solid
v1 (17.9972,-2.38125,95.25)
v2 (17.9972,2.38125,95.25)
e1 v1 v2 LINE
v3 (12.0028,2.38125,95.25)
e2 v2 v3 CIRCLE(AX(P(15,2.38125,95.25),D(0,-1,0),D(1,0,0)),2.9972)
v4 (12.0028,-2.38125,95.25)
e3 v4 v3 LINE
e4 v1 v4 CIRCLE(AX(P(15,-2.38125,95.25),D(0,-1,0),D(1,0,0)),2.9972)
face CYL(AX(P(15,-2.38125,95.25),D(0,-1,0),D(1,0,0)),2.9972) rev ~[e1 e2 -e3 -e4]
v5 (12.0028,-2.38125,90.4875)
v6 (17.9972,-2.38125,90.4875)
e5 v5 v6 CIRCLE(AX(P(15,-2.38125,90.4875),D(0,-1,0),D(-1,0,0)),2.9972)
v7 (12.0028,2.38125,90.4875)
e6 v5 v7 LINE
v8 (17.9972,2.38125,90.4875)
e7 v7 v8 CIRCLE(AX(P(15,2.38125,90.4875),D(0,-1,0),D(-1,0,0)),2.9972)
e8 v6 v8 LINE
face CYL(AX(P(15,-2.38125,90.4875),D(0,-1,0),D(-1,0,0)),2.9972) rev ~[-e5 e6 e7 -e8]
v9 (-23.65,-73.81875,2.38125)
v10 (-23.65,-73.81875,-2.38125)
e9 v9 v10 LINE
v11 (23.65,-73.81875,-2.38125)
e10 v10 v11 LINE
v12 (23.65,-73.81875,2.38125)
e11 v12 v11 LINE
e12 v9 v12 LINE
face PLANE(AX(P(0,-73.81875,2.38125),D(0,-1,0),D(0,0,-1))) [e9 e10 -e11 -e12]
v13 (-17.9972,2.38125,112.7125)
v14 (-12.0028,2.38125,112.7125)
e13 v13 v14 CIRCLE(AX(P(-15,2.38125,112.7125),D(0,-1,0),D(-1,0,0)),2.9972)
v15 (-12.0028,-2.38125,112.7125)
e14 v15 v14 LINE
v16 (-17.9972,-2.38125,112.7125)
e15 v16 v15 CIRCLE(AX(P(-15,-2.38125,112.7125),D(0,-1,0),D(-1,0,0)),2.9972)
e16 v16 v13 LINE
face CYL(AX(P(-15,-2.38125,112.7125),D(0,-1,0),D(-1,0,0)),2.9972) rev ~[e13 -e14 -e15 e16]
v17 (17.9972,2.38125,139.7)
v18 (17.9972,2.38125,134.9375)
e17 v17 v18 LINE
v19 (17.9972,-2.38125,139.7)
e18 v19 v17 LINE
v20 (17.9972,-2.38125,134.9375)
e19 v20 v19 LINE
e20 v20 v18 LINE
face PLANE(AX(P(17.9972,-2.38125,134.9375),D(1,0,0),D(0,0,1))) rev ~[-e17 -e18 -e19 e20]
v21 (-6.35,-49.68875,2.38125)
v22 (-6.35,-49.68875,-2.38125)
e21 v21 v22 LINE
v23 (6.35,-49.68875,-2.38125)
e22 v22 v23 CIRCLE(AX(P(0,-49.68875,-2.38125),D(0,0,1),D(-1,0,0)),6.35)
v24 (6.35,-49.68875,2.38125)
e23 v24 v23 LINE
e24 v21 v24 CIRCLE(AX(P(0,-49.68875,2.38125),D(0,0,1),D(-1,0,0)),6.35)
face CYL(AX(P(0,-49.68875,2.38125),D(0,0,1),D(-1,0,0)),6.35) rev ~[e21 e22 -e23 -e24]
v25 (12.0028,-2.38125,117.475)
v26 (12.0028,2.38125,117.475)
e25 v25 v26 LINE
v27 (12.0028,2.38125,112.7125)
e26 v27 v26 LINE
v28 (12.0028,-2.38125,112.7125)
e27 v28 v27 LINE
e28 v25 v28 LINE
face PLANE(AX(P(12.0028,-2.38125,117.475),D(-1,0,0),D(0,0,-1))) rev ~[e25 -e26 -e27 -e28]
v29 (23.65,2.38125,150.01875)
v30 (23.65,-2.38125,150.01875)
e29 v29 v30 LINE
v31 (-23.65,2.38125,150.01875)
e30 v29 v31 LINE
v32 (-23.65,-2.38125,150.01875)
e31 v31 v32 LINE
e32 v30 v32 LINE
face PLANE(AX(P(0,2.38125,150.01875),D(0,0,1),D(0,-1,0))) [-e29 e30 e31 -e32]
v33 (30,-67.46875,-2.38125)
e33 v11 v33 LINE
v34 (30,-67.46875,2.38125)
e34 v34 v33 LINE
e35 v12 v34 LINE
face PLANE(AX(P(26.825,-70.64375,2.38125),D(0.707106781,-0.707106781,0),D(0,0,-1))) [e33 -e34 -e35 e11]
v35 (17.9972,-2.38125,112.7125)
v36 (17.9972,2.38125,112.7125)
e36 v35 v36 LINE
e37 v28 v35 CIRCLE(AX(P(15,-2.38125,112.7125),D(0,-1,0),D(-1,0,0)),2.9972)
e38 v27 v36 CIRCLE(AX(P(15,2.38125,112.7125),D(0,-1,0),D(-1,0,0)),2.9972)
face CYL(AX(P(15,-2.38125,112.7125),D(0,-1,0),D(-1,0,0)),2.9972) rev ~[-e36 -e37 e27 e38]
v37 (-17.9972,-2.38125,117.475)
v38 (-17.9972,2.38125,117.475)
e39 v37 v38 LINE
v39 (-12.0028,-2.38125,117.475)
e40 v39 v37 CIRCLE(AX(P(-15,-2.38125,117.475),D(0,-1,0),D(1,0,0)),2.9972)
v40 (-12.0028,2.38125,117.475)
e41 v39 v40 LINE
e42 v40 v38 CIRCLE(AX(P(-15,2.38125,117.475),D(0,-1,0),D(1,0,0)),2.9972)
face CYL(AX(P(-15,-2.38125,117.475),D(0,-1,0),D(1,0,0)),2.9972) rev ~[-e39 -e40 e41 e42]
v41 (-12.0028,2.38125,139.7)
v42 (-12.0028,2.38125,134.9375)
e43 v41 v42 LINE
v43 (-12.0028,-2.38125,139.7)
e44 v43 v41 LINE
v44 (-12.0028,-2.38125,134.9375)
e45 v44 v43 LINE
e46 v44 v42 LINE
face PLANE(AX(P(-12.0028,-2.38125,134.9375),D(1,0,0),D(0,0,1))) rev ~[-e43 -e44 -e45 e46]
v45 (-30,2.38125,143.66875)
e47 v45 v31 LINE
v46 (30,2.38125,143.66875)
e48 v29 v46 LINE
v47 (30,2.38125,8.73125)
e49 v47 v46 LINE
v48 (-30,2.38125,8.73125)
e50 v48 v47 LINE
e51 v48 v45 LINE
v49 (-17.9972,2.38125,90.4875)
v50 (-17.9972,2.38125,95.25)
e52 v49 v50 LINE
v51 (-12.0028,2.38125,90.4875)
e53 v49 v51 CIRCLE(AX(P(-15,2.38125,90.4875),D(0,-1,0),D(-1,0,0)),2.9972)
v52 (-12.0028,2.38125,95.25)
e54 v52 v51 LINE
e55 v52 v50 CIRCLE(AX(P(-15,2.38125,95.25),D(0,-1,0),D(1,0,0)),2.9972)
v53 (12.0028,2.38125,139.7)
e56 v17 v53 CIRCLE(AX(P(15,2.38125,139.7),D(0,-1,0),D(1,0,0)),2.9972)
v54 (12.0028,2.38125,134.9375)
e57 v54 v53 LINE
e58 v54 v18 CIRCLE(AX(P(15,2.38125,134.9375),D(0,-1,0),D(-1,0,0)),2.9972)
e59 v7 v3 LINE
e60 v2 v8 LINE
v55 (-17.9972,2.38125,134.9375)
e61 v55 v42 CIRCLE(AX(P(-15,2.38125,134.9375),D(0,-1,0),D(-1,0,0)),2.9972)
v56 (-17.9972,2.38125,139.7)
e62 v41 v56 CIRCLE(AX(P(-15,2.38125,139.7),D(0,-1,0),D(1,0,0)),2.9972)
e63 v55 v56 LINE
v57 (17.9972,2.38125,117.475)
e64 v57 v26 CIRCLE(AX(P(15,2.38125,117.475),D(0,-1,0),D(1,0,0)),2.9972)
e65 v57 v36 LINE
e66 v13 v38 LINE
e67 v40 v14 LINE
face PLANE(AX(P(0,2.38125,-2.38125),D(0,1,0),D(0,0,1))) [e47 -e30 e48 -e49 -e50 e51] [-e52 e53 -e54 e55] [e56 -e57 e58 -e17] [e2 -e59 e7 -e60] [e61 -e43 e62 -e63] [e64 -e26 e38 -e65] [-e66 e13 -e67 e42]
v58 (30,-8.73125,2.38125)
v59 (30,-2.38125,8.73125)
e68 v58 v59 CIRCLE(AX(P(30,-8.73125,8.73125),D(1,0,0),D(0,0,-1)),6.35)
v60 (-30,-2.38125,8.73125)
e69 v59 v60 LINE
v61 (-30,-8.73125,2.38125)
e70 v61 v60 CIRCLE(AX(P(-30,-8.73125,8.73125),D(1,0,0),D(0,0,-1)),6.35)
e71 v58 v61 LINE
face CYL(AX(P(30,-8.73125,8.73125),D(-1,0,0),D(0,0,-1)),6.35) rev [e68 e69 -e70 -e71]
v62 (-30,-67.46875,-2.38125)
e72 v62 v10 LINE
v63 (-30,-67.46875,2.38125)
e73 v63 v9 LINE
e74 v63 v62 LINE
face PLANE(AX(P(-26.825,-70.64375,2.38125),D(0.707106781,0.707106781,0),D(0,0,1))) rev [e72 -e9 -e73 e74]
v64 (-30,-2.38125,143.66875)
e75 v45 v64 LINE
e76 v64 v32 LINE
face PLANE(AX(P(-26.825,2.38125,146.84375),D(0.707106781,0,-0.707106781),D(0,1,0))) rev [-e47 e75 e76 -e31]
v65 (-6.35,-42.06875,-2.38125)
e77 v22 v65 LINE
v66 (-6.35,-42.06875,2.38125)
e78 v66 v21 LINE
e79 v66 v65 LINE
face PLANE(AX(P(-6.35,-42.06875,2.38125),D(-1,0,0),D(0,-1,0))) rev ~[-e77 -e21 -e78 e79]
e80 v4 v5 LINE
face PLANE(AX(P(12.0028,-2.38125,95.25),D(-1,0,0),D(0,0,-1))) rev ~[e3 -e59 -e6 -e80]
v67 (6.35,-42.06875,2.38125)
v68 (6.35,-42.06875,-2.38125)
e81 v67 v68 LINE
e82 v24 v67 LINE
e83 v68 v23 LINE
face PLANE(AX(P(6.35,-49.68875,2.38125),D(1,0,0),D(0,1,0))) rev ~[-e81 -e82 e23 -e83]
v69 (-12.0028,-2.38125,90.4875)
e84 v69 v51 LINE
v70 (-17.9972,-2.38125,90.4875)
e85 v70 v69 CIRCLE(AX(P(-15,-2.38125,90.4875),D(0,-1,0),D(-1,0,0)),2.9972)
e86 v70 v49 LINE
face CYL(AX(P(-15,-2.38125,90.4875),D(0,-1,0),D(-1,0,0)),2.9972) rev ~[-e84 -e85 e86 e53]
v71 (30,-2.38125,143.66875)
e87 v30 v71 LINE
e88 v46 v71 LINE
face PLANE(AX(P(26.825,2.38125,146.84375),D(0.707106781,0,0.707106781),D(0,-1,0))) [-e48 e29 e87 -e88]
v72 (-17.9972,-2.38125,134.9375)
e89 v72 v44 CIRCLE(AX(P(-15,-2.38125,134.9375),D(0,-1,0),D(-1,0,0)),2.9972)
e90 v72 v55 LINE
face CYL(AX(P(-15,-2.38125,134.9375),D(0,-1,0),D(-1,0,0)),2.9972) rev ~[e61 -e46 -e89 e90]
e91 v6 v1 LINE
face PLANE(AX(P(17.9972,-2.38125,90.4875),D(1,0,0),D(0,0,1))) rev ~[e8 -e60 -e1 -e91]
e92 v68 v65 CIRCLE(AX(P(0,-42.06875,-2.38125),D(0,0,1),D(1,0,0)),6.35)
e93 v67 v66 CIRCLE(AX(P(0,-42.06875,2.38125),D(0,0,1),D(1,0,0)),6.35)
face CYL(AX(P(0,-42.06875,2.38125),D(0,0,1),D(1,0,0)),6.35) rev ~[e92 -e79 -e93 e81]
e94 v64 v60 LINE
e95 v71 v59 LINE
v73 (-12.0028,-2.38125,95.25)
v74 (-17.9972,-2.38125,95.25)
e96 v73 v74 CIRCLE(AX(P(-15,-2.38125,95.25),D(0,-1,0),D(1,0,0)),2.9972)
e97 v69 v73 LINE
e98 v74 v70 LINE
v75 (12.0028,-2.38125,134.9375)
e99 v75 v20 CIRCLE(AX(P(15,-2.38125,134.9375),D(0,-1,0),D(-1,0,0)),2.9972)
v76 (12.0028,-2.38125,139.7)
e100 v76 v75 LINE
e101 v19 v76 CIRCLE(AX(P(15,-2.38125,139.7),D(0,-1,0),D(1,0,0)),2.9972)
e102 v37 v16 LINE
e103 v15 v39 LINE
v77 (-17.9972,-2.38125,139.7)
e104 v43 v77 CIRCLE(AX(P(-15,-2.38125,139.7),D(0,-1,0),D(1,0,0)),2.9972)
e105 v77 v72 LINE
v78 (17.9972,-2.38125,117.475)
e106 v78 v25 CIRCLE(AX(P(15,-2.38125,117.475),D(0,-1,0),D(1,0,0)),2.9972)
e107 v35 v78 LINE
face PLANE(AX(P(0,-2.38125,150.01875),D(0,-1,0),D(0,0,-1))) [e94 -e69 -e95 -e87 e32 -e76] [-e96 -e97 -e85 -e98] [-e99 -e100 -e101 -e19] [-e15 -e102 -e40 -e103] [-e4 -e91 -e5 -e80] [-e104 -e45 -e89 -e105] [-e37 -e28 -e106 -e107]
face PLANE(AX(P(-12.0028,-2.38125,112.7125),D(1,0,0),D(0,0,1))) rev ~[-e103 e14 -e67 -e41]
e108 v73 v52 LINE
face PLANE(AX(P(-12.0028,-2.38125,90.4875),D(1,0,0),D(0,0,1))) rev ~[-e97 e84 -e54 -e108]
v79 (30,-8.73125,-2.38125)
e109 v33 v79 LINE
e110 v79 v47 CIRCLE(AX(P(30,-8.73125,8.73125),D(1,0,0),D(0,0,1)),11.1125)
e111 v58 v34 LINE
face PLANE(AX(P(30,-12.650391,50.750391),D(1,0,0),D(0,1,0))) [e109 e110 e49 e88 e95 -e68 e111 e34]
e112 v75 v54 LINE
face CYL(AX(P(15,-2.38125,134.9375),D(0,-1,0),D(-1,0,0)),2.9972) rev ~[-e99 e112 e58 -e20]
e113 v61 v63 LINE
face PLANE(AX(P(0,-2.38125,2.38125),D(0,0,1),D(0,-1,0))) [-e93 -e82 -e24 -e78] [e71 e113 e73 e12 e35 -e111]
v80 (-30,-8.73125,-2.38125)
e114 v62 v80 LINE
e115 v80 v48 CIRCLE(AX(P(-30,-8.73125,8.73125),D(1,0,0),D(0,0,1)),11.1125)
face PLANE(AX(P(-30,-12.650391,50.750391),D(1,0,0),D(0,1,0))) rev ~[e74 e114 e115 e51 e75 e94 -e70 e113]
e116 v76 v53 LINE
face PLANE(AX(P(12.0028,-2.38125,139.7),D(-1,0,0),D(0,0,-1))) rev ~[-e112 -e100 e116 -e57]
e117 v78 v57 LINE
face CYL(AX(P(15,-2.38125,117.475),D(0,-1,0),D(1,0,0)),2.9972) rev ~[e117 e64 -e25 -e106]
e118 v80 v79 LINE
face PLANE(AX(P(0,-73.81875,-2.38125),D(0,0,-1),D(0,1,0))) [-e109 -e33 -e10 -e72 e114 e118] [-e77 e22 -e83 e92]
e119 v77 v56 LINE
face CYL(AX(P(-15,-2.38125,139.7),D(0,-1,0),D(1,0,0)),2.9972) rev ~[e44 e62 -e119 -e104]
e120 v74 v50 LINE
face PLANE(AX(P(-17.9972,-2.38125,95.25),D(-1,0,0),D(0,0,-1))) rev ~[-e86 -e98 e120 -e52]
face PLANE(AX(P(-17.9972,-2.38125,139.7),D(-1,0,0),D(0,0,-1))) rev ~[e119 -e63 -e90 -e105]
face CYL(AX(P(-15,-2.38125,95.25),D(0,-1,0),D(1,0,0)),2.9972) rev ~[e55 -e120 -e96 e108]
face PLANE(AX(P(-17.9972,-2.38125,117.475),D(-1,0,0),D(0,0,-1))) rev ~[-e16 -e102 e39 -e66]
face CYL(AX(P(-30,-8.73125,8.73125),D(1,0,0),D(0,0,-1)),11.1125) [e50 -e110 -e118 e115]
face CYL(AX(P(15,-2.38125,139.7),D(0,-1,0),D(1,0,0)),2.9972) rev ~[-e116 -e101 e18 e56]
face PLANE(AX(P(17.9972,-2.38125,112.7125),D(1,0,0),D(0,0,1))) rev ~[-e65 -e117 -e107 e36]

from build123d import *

# Parameters (mm, degrees)
F1_DEPTH = 30
F2_R     = 6.35
F3_R     = 11.1125
F4_SIZE  = 6.35
F6_DEPTH = 4.7635
F7_DEPTH = 4.7635
F9_DEPTH = 4.7635


with BuildPart() as f1:
    # F0 (on Right) → F1 (new body, symmetric)
    with BuildSketch(Plane.YZ):
        Polygon((-2.38125, 2.38125), (-73.81875, 2.38125), (-73.81875, -2.38125), (2.38125, -2.38125), (2.38125, 150.01875), (-2.38125, 150.01875), align=None)
    extrude(amount=F1_DEPTH, both=True)

    # F2
    f2_edges = [f1.edges().sort_by_distance(p)[0] for p in [
        (0, -2.38125, 2.38125),
    ]]
    fillet(f2_edges, radius=F2_R)

    # F3
    f3_edges = [f1.edges().sort_by_distance(p)[0] for p in [
        (0, 2.38125, -2.38125),
    ]]
    fillet(f3_edges, radius=F3_R)

    # F4
    f4_edges = [f1.edges().sort_by_distance(p)[0] for p in [
        (30, 0, 150.01875),
        (-30, 0, 150.01875),
        (-30, -73.81875, 0),
        (30, -73.81875, 0),
    ]]
    chamfer(f4_edges, length=F4_SIZE)

    # F5 (on face) → F6 (cut, through all)
    with BuildSketch(Plane.XY.offset(2.38125)):
        with BuildLine():
            ThreePointArc((5.08, -45.87875), (6.0241389426, -44.0767963142), (6.35, -42.06875))
            ThreePointArc((6.35, -42.06875), (0, -35.71875), (-6.35, -42.06875))
            ThreePointArc((-6.35, -42.06875), (-6.0241389426, -44.0767963142), (-5.08, -45.87875))
            ThreePointArc((-5.08, -45.87875), (0, -43.33875), (5.08, -45.87875))
        make_face()
        with BuildLine():
            Line((6.35, -49.68875), (6.35, -42.06875))
            ThreePointArc((6.35, -42.06875), (6.0241389426, -44.0767963142), (5.08, -45.87875))
            ThreePointArc((5.08, -45.87875), (6.0241389426, -47.6807036858), (6.35, -49.68875))
        make_face()
        with BuildLine():
            ThreePointArc((-5.08, -45.87875), (-6.0241389426, -44.0767963142), (-6.35, -42.06875))
            Line((-6.35, -42.06875), (-6.35, -49.68875))
            ThreePointArc((-6.35, -49.68875), (-6.0241389426, -47.6807036858), (-5.08, -45.87875))
        make_face()
        with BuildLine():
            ThreePointArc((6.35, -49.68875), (6.0241389426, -47.6807036858), (5.08, -45.87875))
            ThreePointArc((5.08, -45.87875), (0, -48.41875), (-5.08, -45.87875))
            ThreePointArc((-5.08, -45.87875), (-6.0241389426, -47.6807036858), (-6.35, -49.68875))
            ThreePointArc((-6.35, -49.68875), (0, -56.03875), (6.35, -49.68875))
        make_face()
    extrude(amount=-F6_DEPTH, mode=Mode.SUBTRACT)

    # F5 (on face) + F6_face (on face) → F7 (cut, through all)
    with BuildSketch(Plane.XY.offset(2.38125)):
        with BuildLine():
            ThreePointArc((5.08, -45.87875), (6.0241389426, -44.0767963142), (6.35, -42.06875))
            ThreePointArc((6.35, -42.06875), (0, -35.71875), (-6.35, -42.06875))
            ThreePointArc((-6.35, -42.06875), (-6.0241389426, -44.0767963142), (-5.08, -45.87875))
            ThreePointArc((-5.08, -45.87875), (0, -43.33875), (5.08, -45.87875))
        make_face()
        with BuildLine():
            Line((6.35, -49.68875), (6.35, -42.06875))
            ThreePointArc((6.35, -42.06875), (6.0241389426, -44.0767963142), (5.08, -45.87875))
            ThreePointArc((5.08, -45.87875), (6.0241389426, -47.6807036858), (6.35, -49.68875))
        make_face()
        with BuildLine():
            ThreePointArc((-5.08, -45.87875), (-6.0241389426, -44.0767963142), (-6.35, -42.06875))
            Line((-6.35, -42.06875), (-6.35, -49.68875))
            ThreePointArc((-6.35, -49.68875), (-6.0241389426, -47.6807036858), (-5.08, -45.87875))
        make_face()
        with BuildLine():
            ThreePointArc((6.35, -49.68875), (6.0241389426, -47.6807036858), (5.08, -45.87875))
            ThreePointArc((5.08, -45.87875), (0, -48.41875), (-5.08, -45.87875))
            ThreePointArc((-5.08, -45.87875), (-6.0241389426, -47.6807036858), (-6.35, -49.68875))
            ThreePointArc((-6.35, -49.68875), (0, -56.03875), (6.35, -49.68875))
        make_face()
    with BuildSketch(Plane(origin=(0, -45.87875, 2.38125), x_dir=(1, 0, 0), z_dir=(0, 0, 1))):
        with BuildLine():
            ThreePointArc((5.08, 0), (0, 2.54), (-5.08, 0))
            ThreePointArc((-5.08, 0), (0, -2.54), (5.08, 0))
        make_face()
    extrude(amount=-F7_DEPTH, mode=Mode.SUBTRACT)

    # F8 (on face) → F9 (cut, through all)
    with BuildSketch(Plane.XZ.offset(2.38125)):
        with BuildLine():
            ThreePointArc((-16.8201253466, 137.31875), (-17.686865044, 138.371856907), (-17.9972, 139.7))
            Line((-17.9972, 139.7), (-17.9972, 134.9375))
            ThreePointArc((-17.9972, 134.9375), (-17.686865044, 136.265643093), (-16.8201253466, 137.31875))
        make_face()
        with BuildLine():
            Line((-12.0028, 134.9375), (-12.0028, 139.7))
            ThreePointArc((-12.0028, 139.7), (-12.313134956, 138.371856907), (-13.1798746534, 137.31875))
            ThreePointArc((-13.1798746534, 137.31875), (-12.313134956, 136.265643093), (-12.0028, 134.9375))
        make_face()
        with BuildLine():
            ThreePointArc((-13.1798746534, 115.09375), (-12.313134956, 114.040643093), (-12.0028, 112.7125))
            Line((-12.0028, 112.7125), (-12.0028, 117.475))
            ThreePointArc((-12.0028, 117.475), (-12.313134956, 116.146856907), (-13.1798746534, 115.09375))
        make_face()
        with BuildLine():
            Line((-17.9972, 117.475), (-17.9972, 112.7125))
            ThreePointArc((-17.9972, 112.7125), (-17.686865044, 114.040643093), (-16.8201253466, 115.09375))
            ThreePointArc((-16.8201253466, 115.09375), (-17.686865044, 116.146856907), (-17.9972, 117.475))
        make_face()
        with BuildLine():
            ThreePointArc((-13.1798746534, 92.86875), (-12.313134956, 91.815643093), (-12.0028, 90.4875))
            Line((-12.0028, 90.4875), (-12.0028, 95.25))
            ThreePointArc((-12.0028, 95.25), (-12.313134956, 93.921856907), (-13.1798746534, 92.86875))
        make_face()
        with BuildLine():
            Line((-17.9972, 95.25), (-17.9972, 90.4875))
            ThreePointArc((-17.9972, 90.4875), (-17.686865044, 91.815643093), (-16.8201253466, 92.86875))
            ThreePointArc((-16.8201253466, 92.86875), (-17.686865044, 93.921856907), (-17.9972, 95.25))
        make_face()
        with BuildLine():
            ThreePointArc((13.1798746534, 92.86875), (12.313134956, 93.921856907), (12.0028, 95.25))
            Line((12.0028, 95.25), (12.0028, 90.4875))
            ThreePointArc((12.0028, 90.4875), (12.313134956, 91.815643093), (13.1798746534, 92.86875))
        make_face()
        with BuildLine():
            Line((17.9972, 90.4875), (17.9972, 95.25))
            ThreePointArc((17.9972, 95.25), (17.686865044, 93.921856907), (16.8201253466, 92.86875))
            ThreePointArc((16.8201253466, 92.86875), (17.686865044, 91.815643093), (17.9972, 90.4875))
        make_face()
        with BuildLine():
            Line((17.9972, 112.7125), (17.9972, 117.475))
            ThreePointArc((17.9972, 117.475), (17.686865044, 116.146856907), (16.8201253466, 115.09375))
            ThreePointArc((16.8201253466, 115.09375), (17.686865044, 114.040643093), (17.9972, 112.7125))
        make_face()
        with BuildLine():
            ThreePointArc((13.1798746534, 137.31875), (12.313134956, 138.371856907), (12.0028, 139.7))
            Line((12.0028, 139.7), (12.0028, 134.9375))
            ThreePointArc((12.0028, 134.9375), (12.313134956, 136.265643093), (13.1798746534, 137.31875))
        make_face()
        with BuildLine():
            Line((17.9972, 134.9375), (17.9972, 139.7))
            ThreePointArc((17.9972, 139.7), (17.686865044, 138.371856907), (16.8201253466, 137.31875))
            ThreePointArc((16.8201253466, 137.31875), (17.686865044, 136.265643093), (17.9972, 134.9375))
        make_face()
        with BuildLine():
            ThreePointArc((13.1798746534, 115.09375), (12.313134956, 116.146856907), (12.0028, 117.475))
            Line((12.0028, 117.475), (12.0028, 112.7125))
            ThreePointArc((12.0028, 112.7125), (12.313134956, 114.040643093), (13.1798746534, 115.09375))
        make_face()
        with BuildLine():
            ThreePointArc((-12.0028, 134.9375), (-12.313134956, 136.265643093), (-13.1798746534, 137.31875))
            ThreePointArc((-13.1798746534, 137.31875), (-15, 136.7028), (-16.8201253466, 137.31875))
            ThreePointArc((-16.8201253466, 137.31875), (-17.686865044, 136.265643093), (-17.9972, 134.9375))
            ThreePointArc((-17.9972, 134.9375), (-15, 131.9403), (-12.0028, 134.9375))
        make_face()
        with BuildLine():
            ThreePointArc((-16.8201253466, 115.09375), (-17.686865044, 114.040643093), (-17.9972, 112.7125))
            ThreePointArc((-17.9972, 112.7125), (-15, 109.7153), (-12.0028, 112.7125))
            ThreePointArc((-12.0028, 112.7125), (-12.313134956, 114.040643093), (-13.1798746534, 115.09375))
            ThreePointArc((-13.1798746534, 115.09375), (-15, 114.4778), (-16.8201253466, 115.09375))
        make_face()
        with BuildLine():
            ThreePointArc((-17.9972, 117.475), (-17.686865044, 116.146856907), (-16.8201253466, 115.09375))
            ThreePointArc((-16.8201253466, 115.09375), (-15, 115.7097), (-13.1798746534, 115.09375))
            ThreePointArc((-13.1798746534, 115.09375), (-12.313134956, 116.146856907), (-12.0028, 117.475))
            ThreePointArc((-12.0028, 117.475), (-15, 120.4722), (-17.9972, 117.475))
        make_face()
        with BuildLine():
            ThreePointArc((-16.8201253466, 92.86875), (-17.686865044, 91.815643093), (-17.9972, 90.4875))
            ThreePointArc((-17.9972, 90.4875), (-15, 87.4903), (-12.0028, 90.4875))
            ThreePointArc((-12.0028, 90.4875), (-12.313134956, 91.815643093), (-13.1798746534, 92.86875))
            ThreePointArc((-13.1798746534, 92.86875), (-15, 92.2528), (-16.8201253466, 92.86875))
        make_face()
        with BuildLine():
            ThreePointArc((-17.9972, 95.25), (-17.686865044, 93.921856907), (-16.8201253466, 92.86875))
            ThreePointArc((-16.8201253466, 92.86875), (-15, 93.4847), (-13.1798746534, 92.86875))
            ThreePointArc((-13.1798746534, 92.86875), (-12.313134956, 93.921856907), (-12.0028, 95.25))
            ThreePointArc((-12.0028, 95.25), (-15, 98.2472), (-17.9972, 95.25))
        make_face()
        with BuildLine():
            ThreePointArc((17.9972, 139.7), (15, 142.6972), (12.0028, 139.7))
            ThreePointArc((12.0028, 139.7), (12.313134956, 138.371856907), (13.1798746534, 137.31875))
            ThreePointArc((13.1798746534, 137.31875), (15, 137.9347), (16.8201253466, 137.31875))
            ThreePointArc((16.8201253466, 137.31875), (17.686865044, 138.371856907), (17.9972, 139.7))
        make_face()
        with BuildLine():
            ThreePointArc((13.1798746534, 137.31875), (12.313134956, 136.265643093), (12.0028, 134.9375))
            ThreePointArc((12.0028, 134.9375), (15, 131.9403), (17.9972, 134.9375))
            ThreePointArc((17.9972, 134.9375), (17.686865044, 136.265643093), (16.8201253466, 137.31875))
            ThreePointArc((16.8201253466, 137.31875), (15, 136.7028), (13.1798746534, 137.31875))
        make_face()
        with BuildLine():
            ThreePointArc((17.9972, 95.25), (15, 98.2472), (12.0028, 95.25))
            ThreePointArc((12.0028, 95.25), (12.313134956, 93.921856907), (13.1798746534, 92.86875))
            ThreePointArc((13.1798746534, 92.86875), (15, 93.4847), (16.8201253466, 92.86875))
            ThreePointArc((16.8201253466, 92.86875), (17.686865044, 93.921856907), (17.9972, 95.25))
        make_face()
        with BuildLine():
            ThreePointArc((13.1798746534, 92.86875), (12.313134956, 91.815643093), (12.0028, 90.4875))
            ThreePointArc((12.0028, 90.4875), (15, 87.4903), (17.9972, 90.4875))
            ThreePointArc((17.9972, 90.4875), (17.686865044, 91.815643093), (16.8201253466, 92.86875))
            ThreePointArc((16.8201253466, 92.86875), (15, 92.2528), (13.1798746534, 92.86875))
        make_face()
        with BuildLine():
            ThreePointArc((16.8201253466, 115.09375), (17.686865044, 116.146856907), (17.9972, 117.475))
            ThreePointArc((17.9972, 117.475), (15, 120.4722), (12.0028, 117.475))
            ThreePointArc((12.0028, 117.475), (12.313134956, 116.146856907), (13.1798746534, 115.09375))
            ThreePointArc((13.1798746534, 115.09375), (15, 115.7097), (16.8201253466, 115.09375))
        make_face()
        with BuildLine():
            ThreePointArc((12.0028, 112.7125), (15, 109.7153), (17.9972, 112.7125))
            ThreePointArc((17.9972, 112.7125), (17.686865044, 114.040643093), (16.8201253466, 115.09375))
            ThreePointArc((16.8201253466, 115.09375), (15, 114.4778), (13.1798746534, 115.09375))
            ThreePointArc((13.1798746534, 115.09375), (12.313134956, 114.040643093), (12.0028, 112.7125))
        make_face()
        with BuildLine():
            ThreePointArc((-16.8201253466, 137.31875), (-15, 136.7028), (-13.1798746534, 137.31875))
            ThreePointArc((-13.1798746534, 137.31875), (-15, 137.9347), (-16.8201253466, 137.31875))
        make_face()
        with BuildLine():
            ThreePointArc((-13.1798746534, 137.31875), (-12.313134956, 138.371856907), (-12.0028, 139.7))
            ThreePointArc((-12.0028, 139.7), (-15, 142.6972), (-17.9972, 139.7))
            ThreePointArc((-17.9972, 139.7), (-17.686865044, 138.371856907), (-16.8201253466, 137.31875))
            ThreePointArc((-16.8201253466, 137.31875), (-15, 137.9347), (-13.1798746534, 137.31875))
        make_face()
        with BuildLine():
            ThreePointArc((-13.1798746534, 115.09375), (-15, 115.7097), (-16.8201253466, 115.09375))
            ThreePointArc((-16.8201253466, 115.09375), (-15, 114.4778), (-13.1798746534, 115.09375))
        make_face()
        with BuildLine():
            ThreePointArc((16.8201253466, 137.31875), (15, 137.9347), (13.1798746534, 137.31875))
            ThreePointArc((13.1798746534, 137.31875), (15, 136.7028), (16.8201253466, 137.31875))
        make_face()
        with BuildLine():
            ThreePointArc((13.1798746534, 115.09375), (15, 114.4778), (16.8201253466, 115.09375))
            ThreePointArc((16.8201253466, 115.09375), (15, 115.7097), (13.1798746534, 115.09375))
        make_face()
        with BuildLine():
            ThreePointArc((16.8201253466, 92.86875), (15, 93.4847), (13.1798746534, 92.86875))
            ThreePointArc((13.1798746534, 92.86875), (15, 92.2528), (16.8201253466, 92.86875))
        make_face()
        with BuildLine():
            ThreePointArc((-13.1798746534, 92.86875), (-15, 93.4847), (-16.8201253466, 92.86875))
            ThreePointArc((-16.8201253466, 92.86875), (-15, 92.2528), (-13.1798746534, 92.86875))
        make_face()
    extrude(amount=-F9_DEPTH, mode=Mode.SUBTRACT)


solid = f1.part
